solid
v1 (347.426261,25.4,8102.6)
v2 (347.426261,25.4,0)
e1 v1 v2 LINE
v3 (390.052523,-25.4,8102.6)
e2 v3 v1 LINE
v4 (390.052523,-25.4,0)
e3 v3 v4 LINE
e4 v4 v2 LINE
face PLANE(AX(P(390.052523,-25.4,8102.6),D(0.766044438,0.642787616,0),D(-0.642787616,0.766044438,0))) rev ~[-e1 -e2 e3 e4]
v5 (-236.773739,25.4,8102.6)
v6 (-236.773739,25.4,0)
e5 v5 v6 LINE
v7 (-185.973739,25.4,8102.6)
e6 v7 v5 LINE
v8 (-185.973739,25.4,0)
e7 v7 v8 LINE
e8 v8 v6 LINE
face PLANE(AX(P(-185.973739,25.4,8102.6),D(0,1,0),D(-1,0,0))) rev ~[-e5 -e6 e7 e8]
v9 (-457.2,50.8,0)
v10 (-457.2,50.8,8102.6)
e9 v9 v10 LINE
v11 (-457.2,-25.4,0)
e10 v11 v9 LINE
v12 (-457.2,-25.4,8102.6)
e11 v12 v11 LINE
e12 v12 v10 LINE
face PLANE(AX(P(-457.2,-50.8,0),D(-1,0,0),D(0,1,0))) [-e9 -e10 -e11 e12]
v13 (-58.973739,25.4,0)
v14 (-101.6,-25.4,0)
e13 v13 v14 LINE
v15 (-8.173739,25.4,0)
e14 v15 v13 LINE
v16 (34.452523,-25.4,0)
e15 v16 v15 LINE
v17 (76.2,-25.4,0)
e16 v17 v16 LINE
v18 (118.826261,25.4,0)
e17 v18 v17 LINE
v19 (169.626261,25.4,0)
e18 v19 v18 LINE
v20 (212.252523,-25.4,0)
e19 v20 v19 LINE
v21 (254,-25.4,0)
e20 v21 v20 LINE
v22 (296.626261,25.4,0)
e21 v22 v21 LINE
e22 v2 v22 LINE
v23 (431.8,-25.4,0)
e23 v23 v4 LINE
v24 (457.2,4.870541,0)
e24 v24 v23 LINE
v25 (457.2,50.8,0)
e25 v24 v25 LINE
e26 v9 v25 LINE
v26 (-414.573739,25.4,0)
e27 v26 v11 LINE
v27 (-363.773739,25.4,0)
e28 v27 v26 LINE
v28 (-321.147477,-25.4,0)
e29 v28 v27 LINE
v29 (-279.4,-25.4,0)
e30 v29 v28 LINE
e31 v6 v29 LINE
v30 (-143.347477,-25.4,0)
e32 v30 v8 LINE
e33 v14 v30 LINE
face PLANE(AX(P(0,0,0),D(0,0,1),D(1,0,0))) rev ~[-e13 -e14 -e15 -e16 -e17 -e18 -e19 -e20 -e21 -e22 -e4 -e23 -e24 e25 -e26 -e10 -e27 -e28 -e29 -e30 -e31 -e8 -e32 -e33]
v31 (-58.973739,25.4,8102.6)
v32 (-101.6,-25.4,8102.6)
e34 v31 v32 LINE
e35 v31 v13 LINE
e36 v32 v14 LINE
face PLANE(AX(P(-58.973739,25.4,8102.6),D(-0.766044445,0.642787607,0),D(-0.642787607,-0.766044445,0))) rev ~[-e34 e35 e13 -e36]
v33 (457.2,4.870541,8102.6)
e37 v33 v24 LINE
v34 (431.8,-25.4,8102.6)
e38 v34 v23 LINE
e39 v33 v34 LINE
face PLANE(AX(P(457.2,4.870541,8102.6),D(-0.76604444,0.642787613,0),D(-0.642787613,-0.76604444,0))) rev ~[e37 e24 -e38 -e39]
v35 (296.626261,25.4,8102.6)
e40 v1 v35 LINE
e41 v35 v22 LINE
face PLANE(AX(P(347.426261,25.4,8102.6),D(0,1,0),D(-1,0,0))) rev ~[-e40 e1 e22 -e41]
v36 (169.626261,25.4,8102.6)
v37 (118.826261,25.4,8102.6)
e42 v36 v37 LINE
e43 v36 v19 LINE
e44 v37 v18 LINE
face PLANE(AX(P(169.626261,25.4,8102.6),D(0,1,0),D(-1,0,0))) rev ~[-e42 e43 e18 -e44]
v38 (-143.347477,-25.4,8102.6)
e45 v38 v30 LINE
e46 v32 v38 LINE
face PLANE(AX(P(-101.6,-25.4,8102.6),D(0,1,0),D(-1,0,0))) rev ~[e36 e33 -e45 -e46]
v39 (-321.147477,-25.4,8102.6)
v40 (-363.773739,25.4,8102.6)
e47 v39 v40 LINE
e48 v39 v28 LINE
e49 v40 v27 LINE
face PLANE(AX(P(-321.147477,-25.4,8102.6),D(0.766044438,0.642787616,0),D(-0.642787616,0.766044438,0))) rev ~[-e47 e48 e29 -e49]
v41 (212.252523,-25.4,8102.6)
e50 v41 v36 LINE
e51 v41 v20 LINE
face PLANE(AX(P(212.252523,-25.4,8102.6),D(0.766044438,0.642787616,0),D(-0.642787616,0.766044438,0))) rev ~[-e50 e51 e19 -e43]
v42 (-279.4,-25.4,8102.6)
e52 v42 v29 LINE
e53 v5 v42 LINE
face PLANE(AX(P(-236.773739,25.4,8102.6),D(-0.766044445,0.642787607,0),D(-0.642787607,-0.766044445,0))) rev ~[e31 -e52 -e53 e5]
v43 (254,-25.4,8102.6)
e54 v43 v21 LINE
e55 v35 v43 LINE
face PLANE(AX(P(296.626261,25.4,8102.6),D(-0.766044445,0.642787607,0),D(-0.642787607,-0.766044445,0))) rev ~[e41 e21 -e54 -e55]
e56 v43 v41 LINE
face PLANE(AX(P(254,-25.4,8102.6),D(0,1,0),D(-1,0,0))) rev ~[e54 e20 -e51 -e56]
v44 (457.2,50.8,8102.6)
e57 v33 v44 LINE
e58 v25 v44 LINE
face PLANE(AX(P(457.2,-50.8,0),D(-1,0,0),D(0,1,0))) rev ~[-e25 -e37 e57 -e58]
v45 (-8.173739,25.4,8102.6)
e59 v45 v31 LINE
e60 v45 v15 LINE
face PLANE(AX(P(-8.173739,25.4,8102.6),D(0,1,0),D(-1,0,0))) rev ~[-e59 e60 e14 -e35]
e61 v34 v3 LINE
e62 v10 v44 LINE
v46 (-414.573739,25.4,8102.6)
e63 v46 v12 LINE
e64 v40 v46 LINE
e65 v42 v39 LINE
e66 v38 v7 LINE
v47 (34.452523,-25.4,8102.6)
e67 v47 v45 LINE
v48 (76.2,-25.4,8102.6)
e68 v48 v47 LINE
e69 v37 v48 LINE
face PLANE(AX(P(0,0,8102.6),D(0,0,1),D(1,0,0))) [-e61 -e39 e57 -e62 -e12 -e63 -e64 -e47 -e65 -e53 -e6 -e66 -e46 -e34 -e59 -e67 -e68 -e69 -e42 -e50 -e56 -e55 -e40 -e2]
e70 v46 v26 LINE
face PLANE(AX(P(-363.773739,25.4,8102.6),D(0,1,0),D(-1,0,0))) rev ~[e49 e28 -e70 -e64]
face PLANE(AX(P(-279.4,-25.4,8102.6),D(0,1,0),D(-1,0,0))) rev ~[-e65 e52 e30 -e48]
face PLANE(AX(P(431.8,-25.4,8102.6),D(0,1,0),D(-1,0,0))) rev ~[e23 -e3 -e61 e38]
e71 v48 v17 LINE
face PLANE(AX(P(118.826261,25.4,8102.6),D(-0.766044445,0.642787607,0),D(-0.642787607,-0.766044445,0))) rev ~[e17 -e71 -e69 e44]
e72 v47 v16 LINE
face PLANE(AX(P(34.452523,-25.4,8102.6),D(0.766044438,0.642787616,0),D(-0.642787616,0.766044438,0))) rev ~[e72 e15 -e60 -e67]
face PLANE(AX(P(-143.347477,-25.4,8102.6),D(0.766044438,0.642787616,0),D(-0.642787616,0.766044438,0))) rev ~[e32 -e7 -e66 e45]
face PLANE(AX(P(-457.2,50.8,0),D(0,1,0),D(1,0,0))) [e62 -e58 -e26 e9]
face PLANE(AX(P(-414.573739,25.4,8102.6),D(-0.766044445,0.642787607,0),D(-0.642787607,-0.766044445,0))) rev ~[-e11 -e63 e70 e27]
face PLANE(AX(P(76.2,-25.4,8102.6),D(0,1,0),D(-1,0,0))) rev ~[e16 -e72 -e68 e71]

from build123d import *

# Parameters (mm, degrees)
F0_W     = 914.4
F0_H     = 101.6
F1_DEPTH = 8102.6
F3_DEPTH = 8102.601


with BuildPart() as f1:
    # F0 (on Top) → F1 (new body)
    with BuildSketch(Plane.XY):
        Rectangle(F0_W, F0_H)
    extrude(amount=F1_DEPTH)

    # F2 (on face) → F3 (cut, through all)
    with BuildSketch(Plane.XY.offset(8102.6)):
        Polygon((-414.573739, 25.4), (-457.2, -25.4), (-457.2, -50.8), (457.2, -50.8), (457.2, 4.870541), (431.8, -25.4), (390.052523, -25.4), (347.426261, 25.4), (296.626261, 25.4), (254, -25.4), (212.252523, -25.4), (169.626261, 25.4), (118.826261, 25.4), (76.2, -25.4), (34.452523, -25.4), (-8.173739, 25.4), (-58.973739, 25.4), (-101.6, -25.4), (-143.347477, -25.4), (-185.973739, 25.4), (-236.773739, 25.4), (-279.4, -25.4), (-321.147477, -25.4), (-363.773739, 25.4), align=None)
    extrude(amount=-F3_DEPTH, mode=Mode.SUBTRACT)


solid = f1.part
